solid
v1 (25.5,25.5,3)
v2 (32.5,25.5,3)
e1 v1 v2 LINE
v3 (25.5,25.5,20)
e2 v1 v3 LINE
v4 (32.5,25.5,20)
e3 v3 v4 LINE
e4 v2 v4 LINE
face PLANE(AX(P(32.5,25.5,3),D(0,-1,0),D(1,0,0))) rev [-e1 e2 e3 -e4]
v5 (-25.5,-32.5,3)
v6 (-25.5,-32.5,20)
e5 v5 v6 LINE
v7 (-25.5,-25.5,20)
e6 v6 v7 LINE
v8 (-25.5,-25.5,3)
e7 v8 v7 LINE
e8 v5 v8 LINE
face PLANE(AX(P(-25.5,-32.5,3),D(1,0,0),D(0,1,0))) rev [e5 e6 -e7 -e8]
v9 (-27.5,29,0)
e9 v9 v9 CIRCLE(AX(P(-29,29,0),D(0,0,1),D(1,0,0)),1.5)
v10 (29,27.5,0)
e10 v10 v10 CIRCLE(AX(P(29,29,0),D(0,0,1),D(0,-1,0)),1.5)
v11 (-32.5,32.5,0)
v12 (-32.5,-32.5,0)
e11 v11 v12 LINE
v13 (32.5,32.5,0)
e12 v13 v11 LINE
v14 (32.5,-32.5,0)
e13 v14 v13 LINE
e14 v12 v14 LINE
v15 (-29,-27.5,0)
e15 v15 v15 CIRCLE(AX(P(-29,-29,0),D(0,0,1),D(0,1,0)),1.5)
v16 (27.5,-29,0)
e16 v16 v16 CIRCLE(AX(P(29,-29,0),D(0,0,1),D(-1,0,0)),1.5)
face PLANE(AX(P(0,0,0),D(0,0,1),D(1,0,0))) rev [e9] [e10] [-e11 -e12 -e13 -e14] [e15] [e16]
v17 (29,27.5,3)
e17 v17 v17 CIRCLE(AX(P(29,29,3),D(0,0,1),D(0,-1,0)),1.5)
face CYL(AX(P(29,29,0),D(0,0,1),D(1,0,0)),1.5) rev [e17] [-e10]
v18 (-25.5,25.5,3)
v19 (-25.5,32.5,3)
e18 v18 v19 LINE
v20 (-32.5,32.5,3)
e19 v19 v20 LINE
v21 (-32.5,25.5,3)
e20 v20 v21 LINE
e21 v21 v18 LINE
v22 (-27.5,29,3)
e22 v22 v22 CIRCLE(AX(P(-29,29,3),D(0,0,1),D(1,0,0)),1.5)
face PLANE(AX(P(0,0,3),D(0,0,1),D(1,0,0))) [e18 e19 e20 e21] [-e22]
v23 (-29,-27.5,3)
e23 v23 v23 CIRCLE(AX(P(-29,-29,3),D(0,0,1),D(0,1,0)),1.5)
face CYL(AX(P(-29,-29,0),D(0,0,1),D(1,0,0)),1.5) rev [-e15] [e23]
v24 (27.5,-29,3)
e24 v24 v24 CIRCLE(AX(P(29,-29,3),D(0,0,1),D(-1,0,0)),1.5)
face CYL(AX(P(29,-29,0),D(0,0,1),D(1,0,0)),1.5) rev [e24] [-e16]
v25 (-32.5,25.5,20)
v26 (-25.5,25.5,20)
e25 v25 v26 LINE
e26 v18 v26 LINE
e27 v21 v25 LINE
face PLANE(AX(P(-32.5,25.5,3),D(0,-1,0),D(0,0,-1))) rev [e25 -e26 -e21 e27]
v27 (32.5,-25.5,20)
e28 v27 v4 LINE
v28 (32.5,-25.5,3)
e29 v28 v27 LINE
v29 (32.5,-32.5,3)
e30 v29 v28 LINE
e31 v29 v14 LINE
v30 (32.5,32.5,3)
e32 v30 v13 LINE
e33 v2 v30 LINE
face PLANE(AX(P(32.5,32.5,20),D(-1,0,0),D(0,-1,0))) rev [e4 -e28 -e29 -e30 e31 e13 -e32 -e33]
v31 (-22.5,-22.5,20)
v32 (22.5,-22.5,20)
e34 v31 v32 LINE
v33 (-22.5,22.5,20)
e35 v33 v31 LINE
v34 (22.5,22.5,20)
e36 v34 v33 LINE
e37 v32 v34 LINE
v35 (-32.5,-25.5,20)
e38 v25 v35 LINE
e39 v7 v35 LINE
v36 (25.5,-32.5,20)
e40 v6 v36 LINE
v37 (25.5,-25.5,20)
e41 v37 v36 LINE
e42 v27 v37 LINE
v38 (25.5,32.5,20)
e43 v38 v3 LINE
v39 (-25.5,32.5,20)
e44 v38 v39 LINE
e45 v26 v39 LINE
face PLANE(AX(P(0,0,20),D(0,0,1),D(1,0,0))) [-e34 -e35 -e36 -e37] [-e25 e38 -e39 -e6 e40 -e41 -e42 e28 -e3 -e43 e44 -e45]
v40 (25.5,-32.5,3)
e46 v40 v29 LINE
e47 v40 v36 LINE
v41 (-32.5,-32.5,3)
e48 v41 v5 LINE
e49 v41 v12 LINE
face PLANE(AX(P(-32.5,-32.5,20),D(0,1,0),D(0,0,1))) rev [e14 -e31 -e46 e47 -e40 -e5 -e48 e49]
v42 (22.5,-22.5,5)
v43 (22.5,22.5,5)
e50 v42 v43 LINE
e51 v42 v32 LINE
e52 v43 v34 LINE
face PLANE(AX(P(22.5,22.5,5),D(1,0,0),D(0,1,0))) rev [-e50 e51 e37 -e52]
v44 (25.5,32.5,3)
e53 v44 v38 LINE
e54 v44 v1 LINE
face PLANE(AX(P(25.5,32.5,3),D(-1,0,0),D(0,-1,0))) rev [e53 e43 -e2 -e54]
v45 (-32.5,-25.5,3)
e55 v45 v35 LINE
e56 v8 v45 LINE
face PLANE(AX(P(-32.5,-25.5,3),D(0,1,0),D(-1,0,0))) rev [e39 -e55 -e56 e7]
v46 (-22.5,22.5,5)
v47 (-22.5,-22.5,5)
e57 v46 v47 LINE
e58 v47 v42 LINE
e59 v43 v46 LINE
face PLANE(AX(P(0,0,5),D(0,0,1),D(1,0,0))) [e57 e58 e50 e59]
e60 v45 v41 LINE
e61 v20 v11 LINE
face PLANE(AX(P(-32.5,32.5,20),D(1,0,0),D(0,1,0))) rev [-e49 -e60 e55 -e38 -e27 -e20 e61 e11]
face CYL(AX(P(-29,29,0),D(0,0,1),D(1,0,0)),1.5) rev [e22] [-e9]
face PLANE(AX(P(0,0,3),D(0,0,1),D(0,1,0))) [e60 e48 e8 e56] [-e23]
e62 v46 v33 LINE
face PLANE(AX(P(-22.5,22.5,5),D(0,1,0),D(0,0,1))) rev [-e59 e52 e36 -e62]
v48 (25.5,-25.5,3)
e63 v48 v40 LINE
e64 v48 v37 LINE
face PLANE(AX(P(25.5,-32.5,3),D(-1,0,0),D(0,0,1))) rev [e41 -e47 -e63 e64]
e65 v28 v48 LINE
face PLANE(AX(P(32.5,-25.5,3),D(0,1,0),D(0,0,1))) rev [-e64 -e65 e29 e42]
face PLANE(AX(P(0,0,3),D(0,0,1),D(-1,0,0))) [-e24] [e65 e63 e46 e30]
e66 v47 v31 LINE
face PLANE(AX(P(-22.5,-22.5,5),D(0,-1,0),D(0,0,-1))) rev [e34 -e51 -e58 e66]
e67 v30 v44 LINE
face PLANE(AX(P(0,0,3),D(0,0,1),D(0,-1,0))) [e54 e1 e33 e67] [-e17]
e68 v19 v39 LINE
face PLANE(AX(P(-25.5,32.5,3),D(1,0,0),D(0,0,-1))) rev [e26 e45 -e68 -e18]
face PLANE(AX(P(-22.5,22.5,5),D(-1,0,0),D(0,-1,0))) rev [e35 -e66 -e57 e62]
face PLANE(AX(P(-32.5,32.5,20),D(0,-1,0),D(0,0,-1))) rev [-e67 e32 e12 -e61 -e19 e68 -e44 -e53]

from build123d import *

# Parameters (mm, degrees)
SKETCH_1_W               = 65
SKETCH_1_H               = 65
EXTRUDE_4_DEPTH          = 20
SKETCH_3_W               = 45
SKETCH_3_H               = 45
CUT_EXTRUDE_1_DEPTH      = 15
SKETCH_4_W               = 7
SKETCH_4_H               = 7
CUT_EXTRUDE_2_DEPTH      = 17
PATTERN_CIRCULAR_1_COUNT = 4
SKETCH_5_R               = 1.5
CUT_EXTRUDE_3_DEPTH      = 3
PATTERN_CIRCULAR_2_COUNT = 4


with BuildPart() as part:
    # Эскиз1 → Бобышка-Вытянуть4 (new body)
    with BuildSketch(Plane.XY):
        Rectangle(SKETCH_1_W, SKETCH_1_H)
    extrude(amount=EXTRUDE_4_DEPTH)

    # Эскиз3 → Вырез-Вытянуть1 (cut)
    with BuildSketch(Plane.XY.offset(20)):
        Rectangle(SKETCH_3_W, SKETCH_3_H)
    extrude(amount=-CUT_EXTRUDE_1_DEPTH, mode=Mode.SUBTRACT)

    # Эскиз4 → Вырез-Вытянуть2 (cut)
    with BuildSketch(Plane.XY.offset(20)):
        with Locations((-29, 29)):
            Rectangle(SKETCH_4_W, SKETCH_4_H)
    cut_extrude_2 = extrude(amount=-CUT_EXTRUDE_2_DEPTH, mode=Mode.SUBTRACT)

    # Круговой массив1: Вырез-Вытянуть2 ×4 about axis
    pattern_circular_1_axis = Axis((0, 0, 0), (0, 0, 1))
    for i in range(1, PATTERN_CIRCULAR_1_COUNT):
        add(cut_extrude_2.rotate(pattern_circular_1_axis, i * 360 / PATTERN_CIRCULAR_1_COUNT), mode=Mode.SUBTRACT)

    # Эскиз5 → Вырез-Вытянуть3 (cut)
    with BuildSketch(Plane.XY.offset(3)):
        with Locations((-29, 29)):
            Circle(SKETCH_5_R)
    cut_extrude_3 = extrude(amount=-CUT_EXTRUDE_3_DEPTH, mode=Mode.SUBTRACT)

    # Круговой массив2: Вырез-Вытянуть3 ×4 about axis
    pattern_circular_2_axis = Axis((0, 0, 0), (0, 0, 1))
    for i in range(1, PATTERN_CIRCULAR_2_COUNT):
        add(cut_extrude_3.rotate(pattern_circular_2_axis, i * 360 / PATTERN_CIRCULAR_2_COUNT), mode=Mode.SUBTRACT)


solid = part.part
